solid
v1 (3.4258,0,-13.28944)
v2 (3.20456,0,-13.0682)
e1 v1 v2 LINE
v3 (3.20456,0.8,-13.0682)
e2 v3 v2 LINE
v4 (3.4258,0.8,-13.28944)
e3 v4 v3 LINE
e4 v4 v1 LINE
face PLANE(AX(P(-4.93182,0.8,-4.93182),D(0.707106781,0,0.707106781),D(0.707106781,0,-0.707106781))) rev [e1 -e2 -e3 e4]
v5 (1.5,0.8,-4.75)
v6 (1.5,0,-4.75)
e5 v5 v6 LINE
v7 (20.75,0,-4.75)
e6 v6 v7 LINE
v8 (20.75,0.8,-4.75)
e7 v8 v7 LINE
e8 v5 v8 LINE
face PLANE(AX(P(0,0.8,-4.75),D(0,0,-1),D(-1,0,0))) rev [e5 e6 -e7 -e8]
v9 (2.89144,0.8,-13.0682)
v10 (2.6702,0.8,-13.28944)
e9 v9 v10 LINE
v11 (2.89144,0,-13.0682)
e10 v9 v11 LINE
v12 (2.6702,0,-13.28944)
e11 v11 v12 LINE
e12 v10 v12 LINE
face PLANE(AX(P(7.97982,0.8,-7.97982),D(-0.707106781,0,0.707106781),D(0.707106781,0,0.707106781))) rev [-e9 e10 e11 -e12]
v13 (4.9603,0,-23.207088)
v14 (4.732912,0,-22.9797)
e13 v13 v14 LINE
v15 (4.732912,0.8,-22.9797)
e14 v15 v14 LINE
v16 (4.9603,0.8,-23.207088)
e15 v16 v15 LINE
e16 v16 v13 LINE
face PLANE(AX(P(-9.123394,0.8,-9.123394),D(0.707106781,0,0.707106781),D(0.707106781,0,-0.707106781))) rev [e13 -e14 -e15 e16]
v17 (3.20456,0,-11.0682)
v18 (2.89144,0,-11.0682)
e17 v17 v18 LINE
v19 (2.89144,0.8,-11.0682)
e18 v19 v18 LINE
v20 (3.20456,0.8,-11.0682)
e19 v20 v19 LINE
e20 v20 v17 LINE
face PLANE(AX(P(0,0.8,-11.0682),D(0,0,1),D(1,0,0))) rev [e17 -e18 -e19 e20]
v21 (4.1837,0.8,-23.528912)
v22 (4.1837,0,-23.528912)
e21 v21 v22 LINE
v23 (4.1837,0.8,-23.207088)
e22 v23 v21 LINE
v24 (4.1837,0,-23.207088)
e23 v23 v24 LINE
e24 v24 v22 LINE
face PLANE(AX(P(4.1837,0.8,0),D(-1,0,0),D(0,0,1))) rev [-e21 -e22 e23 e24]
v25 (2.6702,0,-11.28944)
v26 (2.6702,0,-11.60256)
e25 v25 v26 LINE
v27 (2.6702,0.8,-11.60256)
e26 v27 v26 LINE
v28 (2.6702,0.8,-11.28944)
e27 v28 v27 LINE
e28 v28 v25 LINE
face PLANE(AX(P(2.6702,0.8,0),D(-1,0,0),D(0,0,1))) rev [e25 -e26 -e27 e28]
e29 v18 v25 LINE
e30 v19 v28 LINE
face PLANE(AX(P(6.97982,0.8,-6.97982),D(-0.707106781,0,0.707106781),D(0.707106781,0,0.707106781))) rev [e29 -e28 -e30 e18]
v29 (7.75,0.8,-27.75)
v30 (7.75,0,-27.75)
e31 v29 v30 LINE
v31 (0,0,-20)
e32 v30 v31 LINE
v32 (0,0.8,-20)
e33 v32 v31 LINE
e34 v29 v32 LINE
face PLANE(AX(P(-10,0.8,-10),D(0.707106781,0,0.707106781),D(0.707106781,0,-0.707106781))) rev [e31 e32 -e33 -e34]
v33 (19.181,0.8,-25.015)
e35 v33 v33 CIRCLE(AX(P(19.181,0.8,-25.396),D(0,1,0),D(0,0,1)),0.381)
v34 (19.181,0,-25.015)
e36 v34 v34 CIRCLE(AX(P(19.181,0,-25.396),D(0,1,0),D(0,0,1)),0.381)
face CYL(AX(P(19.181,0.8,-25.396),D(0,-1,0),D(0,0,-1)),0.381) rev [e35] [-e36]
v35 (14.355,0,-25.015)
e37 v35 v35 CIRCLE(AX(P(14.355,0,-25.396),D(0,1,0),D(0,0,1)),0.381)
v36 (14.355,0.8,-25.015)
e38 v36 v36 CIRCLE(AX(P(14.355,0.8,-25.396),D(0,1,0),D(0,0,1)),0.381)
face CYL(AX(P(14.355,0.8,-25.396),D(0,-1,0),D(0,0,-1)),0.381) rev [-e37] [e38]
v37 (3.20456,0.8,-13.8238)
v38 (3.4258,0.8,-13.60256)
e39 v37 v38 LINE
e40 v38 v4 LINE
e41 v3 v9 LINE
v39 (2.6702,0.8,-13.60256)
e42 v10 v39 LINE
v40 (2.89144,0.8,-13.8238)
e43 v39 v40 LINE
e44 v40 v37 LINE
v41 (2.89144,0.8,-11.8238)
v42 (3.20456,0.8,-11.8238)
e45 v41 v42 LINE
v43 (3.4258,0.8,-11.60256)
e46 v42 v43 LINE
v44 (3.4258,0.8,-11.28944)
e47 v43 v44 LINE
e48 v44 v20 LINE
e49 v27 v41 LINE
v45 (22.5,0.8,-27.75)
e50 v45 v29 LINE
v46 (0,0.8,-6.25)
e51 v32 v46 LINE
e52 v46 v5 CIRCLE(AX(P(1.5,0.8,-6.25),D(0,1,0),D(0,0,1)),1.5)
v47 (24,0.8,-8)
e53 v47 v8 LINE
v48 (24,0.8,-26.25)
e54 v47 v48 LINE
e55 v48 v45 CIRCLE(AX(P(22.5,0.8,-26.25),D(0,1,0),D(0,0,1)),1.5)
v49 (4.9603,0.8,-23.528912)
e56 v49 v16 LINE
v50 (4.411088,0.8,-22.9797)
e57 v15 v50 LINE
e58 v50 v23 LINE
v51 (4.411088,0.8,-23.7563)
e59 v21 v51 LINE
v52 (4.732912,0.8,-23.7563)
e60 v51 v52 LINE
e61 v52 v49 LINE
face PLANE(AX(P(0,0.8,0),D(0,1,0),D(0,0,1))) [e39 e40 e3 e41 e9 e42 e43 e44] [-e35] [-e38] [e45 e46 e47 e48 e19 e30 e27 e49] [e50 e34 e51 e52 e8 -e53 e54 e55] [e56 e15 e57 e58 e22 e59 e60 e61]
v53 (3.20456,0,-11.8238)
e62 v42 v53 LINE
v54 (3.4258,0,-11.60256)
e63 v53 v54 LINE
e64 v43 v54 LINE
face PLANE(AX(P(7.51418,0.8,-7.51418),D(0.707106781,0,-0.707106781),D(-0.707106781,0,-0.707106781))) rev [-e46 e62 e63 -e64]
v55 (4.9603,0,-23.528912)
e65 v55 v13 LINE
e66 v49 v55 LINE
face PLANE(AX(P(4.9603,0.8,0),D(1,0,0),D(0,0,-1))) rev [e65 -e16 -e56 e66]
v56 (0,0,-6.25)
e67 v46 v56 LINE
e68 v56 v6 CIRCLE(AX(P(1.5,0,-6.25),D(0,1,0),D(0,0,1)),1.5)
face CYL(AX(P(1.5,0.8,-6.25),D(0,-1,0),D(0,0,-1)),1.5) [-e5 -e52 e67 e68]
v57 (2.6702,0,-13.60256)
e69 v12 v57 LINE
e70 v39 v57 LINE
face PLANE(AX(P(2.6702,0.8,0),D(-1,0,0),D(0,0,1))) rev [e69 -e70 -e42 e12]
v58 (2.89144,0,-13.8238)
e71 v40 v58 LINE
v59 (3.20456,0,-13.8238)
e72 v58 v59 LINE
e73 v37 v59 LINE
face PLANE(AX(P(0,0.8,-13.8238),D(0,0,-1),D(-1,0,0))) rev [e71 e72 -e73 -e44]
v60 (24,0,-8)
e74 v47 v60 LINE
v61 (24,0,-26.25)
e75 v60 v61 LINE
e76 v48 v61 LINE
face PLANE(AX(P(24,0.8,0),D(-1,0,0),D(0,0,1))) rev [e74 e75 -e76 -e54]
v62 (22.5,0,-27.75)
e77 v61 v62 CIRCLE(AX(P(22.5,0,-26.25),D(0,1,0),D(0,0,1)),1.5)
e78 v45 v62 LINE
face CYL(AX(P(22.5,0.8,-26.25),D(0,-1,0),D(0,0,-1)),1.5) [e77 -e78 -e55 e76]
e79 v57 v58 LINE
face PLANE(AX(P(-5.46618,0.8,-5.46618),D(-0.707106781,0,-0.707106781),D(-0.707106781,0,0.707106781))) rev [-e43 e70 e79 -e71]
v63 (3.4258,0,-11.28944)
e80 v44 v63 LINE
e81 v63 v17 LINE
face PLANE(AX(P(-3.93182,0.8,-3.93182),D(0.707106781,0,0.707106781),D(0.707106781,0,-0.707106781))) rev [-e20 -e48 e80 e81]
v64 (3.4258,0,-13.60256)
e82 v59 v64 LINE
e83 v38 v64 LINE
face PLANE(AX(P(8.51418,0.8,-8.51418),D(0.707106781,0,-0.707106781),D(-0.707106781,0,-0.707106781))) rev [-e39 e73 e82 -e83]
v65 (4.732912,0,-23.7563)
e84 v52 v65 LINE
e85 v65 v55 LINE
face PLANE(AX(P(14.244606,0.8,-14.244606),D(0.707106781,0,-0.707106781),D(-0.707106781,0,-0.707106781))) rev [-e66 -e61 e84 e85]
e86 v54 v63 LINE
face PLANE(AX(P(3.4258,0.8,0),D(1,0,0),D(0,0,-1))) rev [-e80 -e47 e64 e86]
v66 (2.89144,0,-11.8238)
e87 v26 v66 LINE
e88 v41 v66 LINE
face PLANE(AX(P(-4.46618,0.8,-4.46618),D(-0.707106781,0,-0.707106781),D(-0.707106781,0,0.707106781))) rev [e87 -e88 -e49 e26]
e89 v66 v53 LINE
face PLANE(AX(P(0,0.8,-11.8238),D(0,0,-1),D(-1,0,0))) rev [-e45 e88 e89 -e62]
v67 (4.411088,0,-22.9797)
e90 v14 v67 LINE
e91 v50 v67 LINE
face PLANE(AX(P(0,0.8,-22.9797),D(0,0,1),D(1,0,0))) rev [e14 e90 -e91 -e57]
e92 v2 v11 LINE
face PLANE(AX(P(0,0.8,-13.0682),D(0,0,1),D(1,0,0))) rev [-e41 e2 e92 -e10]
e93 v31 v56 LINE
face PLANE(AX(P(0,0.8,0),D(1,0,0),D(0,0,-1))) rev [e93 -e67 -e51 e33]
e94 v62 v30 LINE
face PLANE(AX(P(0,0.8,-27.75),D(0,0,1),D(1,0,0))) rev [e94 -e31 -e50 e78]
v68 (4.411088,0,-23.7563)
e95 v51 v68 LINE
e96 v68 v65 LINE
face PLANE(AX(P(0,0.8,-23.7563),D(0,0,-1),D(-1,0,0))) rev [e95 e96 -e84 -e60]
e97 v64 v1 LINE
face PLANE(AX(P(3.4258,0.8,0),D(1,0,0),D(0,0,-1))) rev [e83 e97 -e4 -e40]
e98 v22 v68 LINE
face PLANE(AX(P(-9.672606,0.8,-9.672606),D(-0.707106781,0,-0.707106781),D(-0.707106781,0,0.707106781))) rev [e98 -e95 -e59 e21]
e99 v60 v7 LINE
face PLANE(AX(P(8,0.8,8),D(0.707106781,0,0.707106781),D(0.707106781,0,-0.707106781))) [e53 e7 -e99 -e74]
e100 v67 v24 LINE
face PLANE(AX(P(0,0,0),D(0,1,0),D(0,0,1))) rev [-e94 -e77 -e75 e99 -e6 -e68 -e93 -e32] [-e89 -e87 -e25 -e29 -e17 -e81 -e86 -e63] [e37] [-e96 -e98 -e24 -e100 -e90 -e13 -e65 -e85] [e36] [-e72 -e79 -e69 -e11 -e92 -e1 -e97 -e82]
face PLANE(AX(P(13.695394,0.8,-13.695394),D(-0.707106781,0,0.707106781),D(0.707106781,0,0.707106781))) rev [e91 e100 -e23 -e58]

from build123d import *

# Parameters (mm, degrees)
SKETCH2_R           = 0.381
BOSS_EXTRUDE1_DEPTH = 0.8


with BuildPart() as part:
    # Sketch2 → Boss-Extrude1 (new body)
    with BuildSketch(Plane(origin=(0, 0, 0), x_dir=(1, 0, 0), z_dir=(0, 1, 0))):
        with BuildLine():
            Line((7.75, 27.75), (0, 20))
            Line((0, 20), (0, 6.25))
            ThreePointArc((0, 6.25), (0.439339828, 5.189339828), (1.5, 4.75))
            Line((1.5, 4.75), (20.75, 4.75))
            Line((20.75, 4.75), (24, 8))
            Line((24, 8), (24, 26.25))
            ThreePointArc((24, 26.25), (23.560660172, 27.310660172), (22.5, 27.75))
            Line((22.5, 27.75), (7.75, 27.75))
        make_face()
        Polygon((3.4258, 11.28943968), (3.20456032, 11.0682), (2.89143968, 11.0682), (2.6702, 11.28943968), (2.6702, 11.60256032), (2.89143968, 11.8238), (3.20456032, 11.8238), (3.4258, 11.60256032), align=None, mode=Mode.SUBTRACT)
        Polygon((3.4258, 13.28943968), (3.20456032, 13.0682), (2.89143968, 13.0682), (2.6702, 13.28943968), (2.6702, 13.60256032), (2.89143968, 13.8238), (3.20456032, 13.8238), (3.4258, 13.60256032), align=None, mode=Mode.SUBTRACT)
        Polygon((4.41108848, 22.9797), (4.1837, 23.20708848), (4.1837, 23.52891152), (4.41108848, 23.7563), (4.73291152, 23.7563), (4.9603, 23.52891152), (4.9603, 23.20708848), (4.73291152, 22.9797), align=None, mode=Mode.SUBTRACT)
        with Locations((14.355, 25.396)):
            Circle(SKETCH2_R, mode=Mode.SUBTRACT)
        with Locations((19.181, 25.396)):
            Circle(SKETCH2_R, mode=Mode.SUBTRACT)
    extrude(amount=BOSS_EXTRUDE1_DEPTH)


solid = part.part
